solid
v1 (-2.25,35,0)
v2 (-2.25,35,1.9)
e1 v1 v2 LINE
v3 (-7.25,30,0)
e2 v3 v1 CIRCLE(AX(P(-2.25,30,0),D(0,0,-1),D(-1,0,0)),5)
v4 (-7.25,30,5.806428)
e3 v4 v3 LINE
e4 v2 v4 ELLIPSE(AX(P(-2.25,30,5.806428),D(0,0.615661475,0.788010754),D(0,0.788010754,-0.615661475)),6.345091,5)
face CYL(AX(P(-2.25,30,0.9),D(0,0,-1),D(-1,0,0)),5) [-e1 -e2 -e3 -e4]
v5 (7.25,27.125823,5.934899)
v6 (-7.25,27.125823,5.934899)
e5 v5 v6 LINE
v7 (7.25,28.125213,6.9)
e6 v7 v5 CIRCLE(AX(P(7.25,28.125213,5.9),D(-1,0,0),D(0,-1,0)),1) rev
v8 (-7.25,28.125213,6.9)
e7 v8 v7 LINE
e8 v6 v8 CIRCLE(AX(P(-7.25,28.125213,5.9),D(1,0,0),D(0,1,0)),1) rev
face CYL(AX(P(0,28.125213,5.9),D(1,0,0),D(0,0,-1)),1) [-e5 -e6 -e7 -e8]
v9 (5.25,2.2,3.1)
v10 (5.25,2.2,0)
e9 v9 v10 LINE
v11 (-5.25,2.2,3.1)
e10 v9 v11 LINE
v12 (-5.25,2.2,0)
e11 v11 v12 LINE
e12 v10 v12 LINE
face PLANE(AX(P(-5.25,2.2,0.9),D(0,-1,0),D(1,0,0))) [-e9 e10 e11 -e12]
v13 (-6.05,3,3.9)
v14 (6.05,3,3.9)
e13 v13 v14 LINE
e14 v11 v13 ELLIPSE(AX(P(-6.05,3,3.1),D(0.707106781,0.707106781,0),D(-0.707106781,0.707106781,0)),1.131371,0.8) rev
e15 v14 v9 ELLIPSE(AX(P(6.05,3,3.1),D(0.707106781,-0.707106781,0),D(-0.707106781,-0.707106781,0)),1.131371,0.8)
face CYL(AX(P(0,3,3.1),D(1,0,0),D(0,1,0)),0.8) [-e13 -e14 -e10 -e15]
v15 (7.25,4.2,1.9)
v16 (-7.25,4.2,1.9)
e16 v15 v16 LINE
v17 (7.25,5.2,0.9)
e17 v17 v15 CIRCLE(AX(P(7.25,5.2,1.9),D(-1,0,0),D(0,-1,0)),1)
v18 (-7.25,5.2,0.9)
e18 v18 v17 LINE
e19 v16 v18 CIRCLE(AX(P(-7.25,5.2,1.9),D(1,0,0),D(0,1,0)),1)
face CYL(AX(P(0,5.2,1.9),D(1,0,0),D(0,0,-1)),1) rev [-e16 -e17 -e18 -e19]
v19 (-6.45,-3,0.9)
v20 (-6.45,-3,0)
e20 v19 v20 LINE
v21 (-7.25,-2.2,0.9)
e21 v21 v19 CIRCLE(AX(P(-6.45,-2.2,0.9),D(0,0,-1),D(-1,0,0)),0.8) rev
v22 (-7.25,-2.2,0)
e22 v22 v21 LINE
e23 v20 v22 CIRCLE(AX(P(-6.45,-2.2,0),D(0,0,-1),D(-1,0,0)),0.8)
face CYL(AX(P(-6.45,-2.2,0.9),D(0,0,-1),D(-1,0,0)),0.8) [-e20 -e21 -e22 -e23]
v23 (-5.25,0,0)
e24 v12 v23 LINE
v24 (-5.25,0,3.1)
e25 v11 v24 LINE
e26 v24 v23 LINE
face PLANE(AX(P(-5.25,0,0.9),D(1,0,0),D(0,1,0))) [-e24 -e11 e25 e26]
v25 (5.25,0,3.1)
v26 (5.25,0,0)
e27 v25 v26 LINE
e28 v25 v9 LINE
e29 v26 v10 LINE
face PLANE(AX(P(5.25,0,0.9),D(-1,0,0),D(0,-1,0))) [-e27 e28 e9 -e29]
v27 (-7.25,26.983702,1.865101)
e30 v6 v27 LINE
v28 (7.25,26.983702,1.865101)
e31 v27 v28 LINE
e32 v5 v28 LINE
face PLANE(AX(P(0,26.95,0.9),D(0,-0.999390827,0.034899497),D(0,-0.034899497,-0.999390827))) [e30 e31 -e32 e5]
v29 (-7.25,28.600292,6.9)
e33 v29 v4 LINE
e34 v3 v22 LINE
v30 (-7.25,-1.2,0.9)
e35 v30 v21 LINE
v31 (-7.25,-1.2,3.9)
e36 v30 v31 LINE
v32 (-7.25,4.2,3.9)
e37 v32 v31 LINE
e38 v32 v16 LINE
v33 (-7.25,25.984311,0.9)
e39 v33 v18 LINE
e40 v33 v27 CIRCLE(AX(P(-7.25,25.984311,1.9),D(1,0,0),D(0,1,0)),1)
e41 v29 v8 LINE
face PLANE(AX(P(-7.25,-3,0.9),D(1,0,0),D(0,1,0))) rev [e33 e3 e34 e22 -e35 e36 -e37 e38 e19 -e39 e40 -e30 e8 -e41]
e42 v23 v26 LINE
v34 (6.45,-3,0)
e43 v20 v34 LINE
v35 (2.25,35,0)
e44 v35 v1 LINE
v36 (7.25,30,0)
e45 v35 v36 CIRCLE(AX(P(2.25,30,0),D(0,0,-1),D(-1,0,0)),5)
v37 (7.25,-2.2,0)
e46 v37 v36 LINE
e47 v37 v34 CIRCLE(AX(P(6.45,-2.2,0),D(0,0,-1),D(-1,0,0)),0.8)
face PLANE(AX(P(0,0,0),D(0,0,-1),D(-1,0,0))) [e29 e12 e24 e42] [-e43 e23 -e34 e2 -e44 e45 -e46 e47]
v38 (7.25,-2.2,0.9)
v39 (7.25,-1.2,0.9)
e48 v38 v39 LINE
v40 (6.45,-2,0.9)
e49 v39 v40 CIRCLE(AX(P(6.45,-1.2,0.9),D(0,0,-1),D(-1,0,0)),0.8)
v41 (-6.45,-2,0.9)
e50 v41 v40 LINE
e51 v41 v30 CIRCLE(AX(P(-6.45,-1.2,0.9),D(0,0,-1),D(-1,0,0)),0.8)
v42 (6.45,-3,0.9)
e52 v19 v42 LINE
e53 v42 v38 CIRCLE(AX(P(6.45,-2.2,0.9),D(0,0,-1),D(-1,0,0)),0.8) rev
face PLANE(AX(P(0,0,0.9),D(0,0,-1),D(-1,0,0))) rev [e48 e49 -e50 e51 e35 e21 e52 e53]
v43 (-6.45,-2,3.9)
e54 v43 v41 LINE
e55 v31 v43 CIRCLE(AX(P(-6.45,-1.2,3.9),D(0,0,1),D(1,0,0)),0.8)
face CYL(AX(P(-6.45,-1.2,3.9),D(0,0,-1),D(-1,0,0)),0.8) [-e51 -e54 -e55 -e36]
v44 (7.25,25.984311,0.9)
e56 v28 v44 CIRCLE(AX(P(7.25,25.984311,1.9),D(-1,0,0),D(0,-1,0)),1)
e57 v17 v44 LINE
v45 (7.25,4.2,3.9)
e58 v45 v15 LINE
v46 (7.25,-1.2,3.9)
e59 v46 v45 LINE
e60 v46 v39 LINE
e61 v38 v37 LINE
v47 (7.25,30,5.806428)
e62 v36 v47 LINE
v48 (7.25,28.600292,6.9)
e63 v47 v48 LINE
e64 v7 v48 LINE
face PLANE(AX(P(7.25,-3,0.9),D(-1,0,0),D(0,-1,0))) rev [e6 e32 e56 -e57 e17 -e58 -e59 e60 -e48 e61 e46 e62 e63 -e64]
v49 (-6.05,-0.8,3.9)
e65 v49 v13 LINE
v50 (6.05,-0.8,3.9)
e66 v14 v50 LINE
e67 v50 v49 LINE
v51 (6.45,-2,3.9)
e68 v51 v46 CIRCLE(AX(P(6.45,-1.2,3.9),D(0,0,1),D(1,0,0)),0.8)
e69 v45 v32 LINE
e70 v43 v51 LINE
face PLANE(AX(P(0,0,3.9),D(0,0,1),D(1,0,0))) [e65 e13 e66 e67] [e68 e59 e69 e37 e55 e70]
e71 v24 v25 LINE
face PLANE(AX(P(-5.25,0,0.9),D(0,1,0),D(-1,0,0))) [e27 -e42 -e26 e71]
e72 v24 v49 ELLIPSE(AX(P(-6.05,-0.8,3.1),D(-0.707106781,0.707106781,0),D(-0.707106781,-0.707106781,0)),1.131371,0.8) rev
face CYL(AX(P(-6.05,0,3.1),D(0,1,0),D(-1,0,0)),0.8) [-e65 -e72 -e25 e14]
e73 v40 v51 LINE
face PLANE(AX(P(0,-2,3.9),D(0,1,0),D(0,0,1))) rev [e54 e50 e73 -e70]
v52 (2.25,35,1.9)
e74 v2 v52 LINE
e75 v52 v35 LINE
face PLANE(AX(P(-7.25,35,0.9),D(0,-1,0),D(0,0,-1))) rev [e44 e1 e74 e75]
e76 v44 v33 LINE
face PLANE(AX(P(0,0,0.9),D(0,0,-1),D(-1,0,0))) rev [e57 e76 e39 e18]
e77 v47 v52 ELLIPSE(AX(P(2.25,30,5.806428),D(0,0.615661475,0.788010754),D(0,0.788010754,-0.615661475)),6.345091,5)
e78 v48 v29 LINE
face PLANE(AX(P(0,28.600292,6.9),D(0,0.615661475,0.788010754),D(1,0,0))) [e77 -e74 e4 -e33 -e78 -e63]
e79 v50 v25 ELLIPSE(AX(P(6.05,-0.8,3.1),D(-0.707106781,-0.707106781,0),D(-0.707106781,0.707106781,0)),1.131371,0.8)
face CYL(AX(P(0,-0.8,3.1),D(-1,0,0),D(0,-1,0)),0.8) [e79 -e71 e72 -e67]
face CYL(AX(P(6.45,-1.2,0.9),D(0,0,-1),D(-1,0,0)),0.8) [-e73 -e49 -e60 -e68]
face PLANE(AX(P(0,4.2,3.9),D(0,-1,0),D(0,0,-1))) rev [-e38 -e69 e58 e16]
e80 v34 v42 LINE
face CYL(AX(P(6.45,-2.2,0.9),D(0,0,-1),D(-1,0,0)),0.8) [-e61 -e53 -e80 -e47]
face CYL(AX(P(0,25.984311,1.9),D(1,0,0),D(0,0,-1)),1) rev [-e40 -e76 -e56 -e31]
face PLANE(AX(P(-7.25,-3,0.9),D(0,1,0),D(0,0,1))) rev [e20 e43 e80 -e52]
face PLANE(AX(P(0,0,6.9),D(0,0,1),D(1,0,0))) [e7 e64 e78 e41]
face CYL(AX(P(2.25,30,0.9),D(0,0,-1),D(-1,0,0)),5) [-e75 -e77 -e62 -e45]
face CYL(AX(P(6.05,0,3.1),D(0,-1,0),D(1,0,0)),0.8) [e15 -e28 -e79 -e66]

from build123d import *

# Parameters (mm, degrees)
SKETCH1_W           = 14.5
SKETCH1_H           = 38
SKETCH1_W_2         = 10.5
SKETCH1_H_2         = 2.2
BOSS_EXTRUDE1_DEPTH = 0.9
SKETCH2_W           = 14.5
SKETCH2_H           = 8.05
BOSS_EXTRUDE2_DEPTH = 6
DRAFT1_ANGLE        = 2
SKETCH2_3_W         = 14.5
SKETCH2_3_H         = 6.2
SKETCH2_3_W_2       = 10.5
SKETCH2_3_H_2       = 2.2
BOSS_EXTRUDE3_DEPTH = 3
CHAMFER1_SIZE       = 5
CHAMFER1_SIZE2      = 6.399708161
FILLET2_R           = 1
FILLET3_R           = 1
FILLET4_R           = 5
FILLET5_R           = 0.8


with BuildPart() as part:
    # Sketch1 → Boss-Extrude1 (new body)
    with BuildSketch(Plane.XY):
        with Locations((0, 16)):
            Rectangle(SKETCH1_W, SKETCH1_H)
        with Locations((0, 1.1)):
            Rectangle(SKETCH1_W_2, SKETCH1_H_2, mode=Mode.SUBTRACT)
    extrude(amount=BOSS_EXTRUDE1_DEPTH)

    # Sketch2 → Boss-Extrude2 (add)
    with BuildSketch(Plane.XY.offset(0.9)):
        with Locations((0, 30.975)):
            Rectangle(SKETCH2_W, SKETCH2_H)
    extrude(amount=BOSS_EXTRUDE2_DEPTH)

    # Draft1
    draft1_faces = [part.faces().sort_by_distance(p)[0] for p in [
        (0, 26.95, 3.9),
    ]]
    draft(draft1_faces, Plane.XY.offset(0.9), DRAFT1_ANGLE)

    # Sketch2<3> → Boss-Extrude3 (add)
    with BuildSketch(Plane.XY.offset(0.9)):
        with Locations((0, 1.1)):
            Rectangle(SKETCH2_3_W, SKETCH2_3_H)
        with Locations((0, 1.1)):
            Rectangle(SKETCH2_3_W_2, SKETCH2_3_H_2, mode=Mode.SUBTRACT)
    extrude(amount=BOSS_EXTRUDE3_DEPTH)

    # Chamfer1
    chamfer1_edges = [part.edges().sort_by_distance(p)[0] for p in [
        (0, 35, 6.9),
    ]]
    chamfer1_side = [part.faces().sort_by_distance(p)[0] for p in [
        (0, 35, 3.45),
    ]]
    chamfer(chamfer1_edges, length=CHAMFER1_SIZE, length2=CHAMFER1_SIZE2, reference=chamfer1_side[0])

    # Fillet2
    fillet2_edges = [part.edges().sort_by_distance(p)[0] for p in [
        (0, 27.159524617, 6.9),
    ]]
    fillet(fillet2_edges, radius=FILLET2_R)

    # Fillet3
    fillet3_edges = [part.edges().sort_by_distance(p)[0] for p in [
        (0, 26.95, 0.9),
        (0, 4.2, 0.9),
    ]]
    fillet(fillet3_edges, radius=FILLET3_R)

    # Fillet4
    fillet4_edges = [part.edges().sort_by_distance(p)[0] for p in [
        (-7.25, 35, 0.95),
        (7.25, 35, 0.95),
    ]]
    fillet(fillet4_edges, radius=FILLET4_R)

    # Fillet5
    fillet5_edges = [part.edges().sort_by_distance(p)[0] for p in [
        (7.25, -2, 2.4),
        (-7.25, -2, 2.4),
        (0, 0, 3.9),
        (-5.25, 1.1, 3.9),
        (0, 2.2, 3.9),
        (5.25, 1.1, 3.9),
        (7.25, -3, 0.45),
        (-7.25, -3, 0.45),
    ]]
    fillet(fillet5_edges, radius=FILLET5_R)


solid = part.part
